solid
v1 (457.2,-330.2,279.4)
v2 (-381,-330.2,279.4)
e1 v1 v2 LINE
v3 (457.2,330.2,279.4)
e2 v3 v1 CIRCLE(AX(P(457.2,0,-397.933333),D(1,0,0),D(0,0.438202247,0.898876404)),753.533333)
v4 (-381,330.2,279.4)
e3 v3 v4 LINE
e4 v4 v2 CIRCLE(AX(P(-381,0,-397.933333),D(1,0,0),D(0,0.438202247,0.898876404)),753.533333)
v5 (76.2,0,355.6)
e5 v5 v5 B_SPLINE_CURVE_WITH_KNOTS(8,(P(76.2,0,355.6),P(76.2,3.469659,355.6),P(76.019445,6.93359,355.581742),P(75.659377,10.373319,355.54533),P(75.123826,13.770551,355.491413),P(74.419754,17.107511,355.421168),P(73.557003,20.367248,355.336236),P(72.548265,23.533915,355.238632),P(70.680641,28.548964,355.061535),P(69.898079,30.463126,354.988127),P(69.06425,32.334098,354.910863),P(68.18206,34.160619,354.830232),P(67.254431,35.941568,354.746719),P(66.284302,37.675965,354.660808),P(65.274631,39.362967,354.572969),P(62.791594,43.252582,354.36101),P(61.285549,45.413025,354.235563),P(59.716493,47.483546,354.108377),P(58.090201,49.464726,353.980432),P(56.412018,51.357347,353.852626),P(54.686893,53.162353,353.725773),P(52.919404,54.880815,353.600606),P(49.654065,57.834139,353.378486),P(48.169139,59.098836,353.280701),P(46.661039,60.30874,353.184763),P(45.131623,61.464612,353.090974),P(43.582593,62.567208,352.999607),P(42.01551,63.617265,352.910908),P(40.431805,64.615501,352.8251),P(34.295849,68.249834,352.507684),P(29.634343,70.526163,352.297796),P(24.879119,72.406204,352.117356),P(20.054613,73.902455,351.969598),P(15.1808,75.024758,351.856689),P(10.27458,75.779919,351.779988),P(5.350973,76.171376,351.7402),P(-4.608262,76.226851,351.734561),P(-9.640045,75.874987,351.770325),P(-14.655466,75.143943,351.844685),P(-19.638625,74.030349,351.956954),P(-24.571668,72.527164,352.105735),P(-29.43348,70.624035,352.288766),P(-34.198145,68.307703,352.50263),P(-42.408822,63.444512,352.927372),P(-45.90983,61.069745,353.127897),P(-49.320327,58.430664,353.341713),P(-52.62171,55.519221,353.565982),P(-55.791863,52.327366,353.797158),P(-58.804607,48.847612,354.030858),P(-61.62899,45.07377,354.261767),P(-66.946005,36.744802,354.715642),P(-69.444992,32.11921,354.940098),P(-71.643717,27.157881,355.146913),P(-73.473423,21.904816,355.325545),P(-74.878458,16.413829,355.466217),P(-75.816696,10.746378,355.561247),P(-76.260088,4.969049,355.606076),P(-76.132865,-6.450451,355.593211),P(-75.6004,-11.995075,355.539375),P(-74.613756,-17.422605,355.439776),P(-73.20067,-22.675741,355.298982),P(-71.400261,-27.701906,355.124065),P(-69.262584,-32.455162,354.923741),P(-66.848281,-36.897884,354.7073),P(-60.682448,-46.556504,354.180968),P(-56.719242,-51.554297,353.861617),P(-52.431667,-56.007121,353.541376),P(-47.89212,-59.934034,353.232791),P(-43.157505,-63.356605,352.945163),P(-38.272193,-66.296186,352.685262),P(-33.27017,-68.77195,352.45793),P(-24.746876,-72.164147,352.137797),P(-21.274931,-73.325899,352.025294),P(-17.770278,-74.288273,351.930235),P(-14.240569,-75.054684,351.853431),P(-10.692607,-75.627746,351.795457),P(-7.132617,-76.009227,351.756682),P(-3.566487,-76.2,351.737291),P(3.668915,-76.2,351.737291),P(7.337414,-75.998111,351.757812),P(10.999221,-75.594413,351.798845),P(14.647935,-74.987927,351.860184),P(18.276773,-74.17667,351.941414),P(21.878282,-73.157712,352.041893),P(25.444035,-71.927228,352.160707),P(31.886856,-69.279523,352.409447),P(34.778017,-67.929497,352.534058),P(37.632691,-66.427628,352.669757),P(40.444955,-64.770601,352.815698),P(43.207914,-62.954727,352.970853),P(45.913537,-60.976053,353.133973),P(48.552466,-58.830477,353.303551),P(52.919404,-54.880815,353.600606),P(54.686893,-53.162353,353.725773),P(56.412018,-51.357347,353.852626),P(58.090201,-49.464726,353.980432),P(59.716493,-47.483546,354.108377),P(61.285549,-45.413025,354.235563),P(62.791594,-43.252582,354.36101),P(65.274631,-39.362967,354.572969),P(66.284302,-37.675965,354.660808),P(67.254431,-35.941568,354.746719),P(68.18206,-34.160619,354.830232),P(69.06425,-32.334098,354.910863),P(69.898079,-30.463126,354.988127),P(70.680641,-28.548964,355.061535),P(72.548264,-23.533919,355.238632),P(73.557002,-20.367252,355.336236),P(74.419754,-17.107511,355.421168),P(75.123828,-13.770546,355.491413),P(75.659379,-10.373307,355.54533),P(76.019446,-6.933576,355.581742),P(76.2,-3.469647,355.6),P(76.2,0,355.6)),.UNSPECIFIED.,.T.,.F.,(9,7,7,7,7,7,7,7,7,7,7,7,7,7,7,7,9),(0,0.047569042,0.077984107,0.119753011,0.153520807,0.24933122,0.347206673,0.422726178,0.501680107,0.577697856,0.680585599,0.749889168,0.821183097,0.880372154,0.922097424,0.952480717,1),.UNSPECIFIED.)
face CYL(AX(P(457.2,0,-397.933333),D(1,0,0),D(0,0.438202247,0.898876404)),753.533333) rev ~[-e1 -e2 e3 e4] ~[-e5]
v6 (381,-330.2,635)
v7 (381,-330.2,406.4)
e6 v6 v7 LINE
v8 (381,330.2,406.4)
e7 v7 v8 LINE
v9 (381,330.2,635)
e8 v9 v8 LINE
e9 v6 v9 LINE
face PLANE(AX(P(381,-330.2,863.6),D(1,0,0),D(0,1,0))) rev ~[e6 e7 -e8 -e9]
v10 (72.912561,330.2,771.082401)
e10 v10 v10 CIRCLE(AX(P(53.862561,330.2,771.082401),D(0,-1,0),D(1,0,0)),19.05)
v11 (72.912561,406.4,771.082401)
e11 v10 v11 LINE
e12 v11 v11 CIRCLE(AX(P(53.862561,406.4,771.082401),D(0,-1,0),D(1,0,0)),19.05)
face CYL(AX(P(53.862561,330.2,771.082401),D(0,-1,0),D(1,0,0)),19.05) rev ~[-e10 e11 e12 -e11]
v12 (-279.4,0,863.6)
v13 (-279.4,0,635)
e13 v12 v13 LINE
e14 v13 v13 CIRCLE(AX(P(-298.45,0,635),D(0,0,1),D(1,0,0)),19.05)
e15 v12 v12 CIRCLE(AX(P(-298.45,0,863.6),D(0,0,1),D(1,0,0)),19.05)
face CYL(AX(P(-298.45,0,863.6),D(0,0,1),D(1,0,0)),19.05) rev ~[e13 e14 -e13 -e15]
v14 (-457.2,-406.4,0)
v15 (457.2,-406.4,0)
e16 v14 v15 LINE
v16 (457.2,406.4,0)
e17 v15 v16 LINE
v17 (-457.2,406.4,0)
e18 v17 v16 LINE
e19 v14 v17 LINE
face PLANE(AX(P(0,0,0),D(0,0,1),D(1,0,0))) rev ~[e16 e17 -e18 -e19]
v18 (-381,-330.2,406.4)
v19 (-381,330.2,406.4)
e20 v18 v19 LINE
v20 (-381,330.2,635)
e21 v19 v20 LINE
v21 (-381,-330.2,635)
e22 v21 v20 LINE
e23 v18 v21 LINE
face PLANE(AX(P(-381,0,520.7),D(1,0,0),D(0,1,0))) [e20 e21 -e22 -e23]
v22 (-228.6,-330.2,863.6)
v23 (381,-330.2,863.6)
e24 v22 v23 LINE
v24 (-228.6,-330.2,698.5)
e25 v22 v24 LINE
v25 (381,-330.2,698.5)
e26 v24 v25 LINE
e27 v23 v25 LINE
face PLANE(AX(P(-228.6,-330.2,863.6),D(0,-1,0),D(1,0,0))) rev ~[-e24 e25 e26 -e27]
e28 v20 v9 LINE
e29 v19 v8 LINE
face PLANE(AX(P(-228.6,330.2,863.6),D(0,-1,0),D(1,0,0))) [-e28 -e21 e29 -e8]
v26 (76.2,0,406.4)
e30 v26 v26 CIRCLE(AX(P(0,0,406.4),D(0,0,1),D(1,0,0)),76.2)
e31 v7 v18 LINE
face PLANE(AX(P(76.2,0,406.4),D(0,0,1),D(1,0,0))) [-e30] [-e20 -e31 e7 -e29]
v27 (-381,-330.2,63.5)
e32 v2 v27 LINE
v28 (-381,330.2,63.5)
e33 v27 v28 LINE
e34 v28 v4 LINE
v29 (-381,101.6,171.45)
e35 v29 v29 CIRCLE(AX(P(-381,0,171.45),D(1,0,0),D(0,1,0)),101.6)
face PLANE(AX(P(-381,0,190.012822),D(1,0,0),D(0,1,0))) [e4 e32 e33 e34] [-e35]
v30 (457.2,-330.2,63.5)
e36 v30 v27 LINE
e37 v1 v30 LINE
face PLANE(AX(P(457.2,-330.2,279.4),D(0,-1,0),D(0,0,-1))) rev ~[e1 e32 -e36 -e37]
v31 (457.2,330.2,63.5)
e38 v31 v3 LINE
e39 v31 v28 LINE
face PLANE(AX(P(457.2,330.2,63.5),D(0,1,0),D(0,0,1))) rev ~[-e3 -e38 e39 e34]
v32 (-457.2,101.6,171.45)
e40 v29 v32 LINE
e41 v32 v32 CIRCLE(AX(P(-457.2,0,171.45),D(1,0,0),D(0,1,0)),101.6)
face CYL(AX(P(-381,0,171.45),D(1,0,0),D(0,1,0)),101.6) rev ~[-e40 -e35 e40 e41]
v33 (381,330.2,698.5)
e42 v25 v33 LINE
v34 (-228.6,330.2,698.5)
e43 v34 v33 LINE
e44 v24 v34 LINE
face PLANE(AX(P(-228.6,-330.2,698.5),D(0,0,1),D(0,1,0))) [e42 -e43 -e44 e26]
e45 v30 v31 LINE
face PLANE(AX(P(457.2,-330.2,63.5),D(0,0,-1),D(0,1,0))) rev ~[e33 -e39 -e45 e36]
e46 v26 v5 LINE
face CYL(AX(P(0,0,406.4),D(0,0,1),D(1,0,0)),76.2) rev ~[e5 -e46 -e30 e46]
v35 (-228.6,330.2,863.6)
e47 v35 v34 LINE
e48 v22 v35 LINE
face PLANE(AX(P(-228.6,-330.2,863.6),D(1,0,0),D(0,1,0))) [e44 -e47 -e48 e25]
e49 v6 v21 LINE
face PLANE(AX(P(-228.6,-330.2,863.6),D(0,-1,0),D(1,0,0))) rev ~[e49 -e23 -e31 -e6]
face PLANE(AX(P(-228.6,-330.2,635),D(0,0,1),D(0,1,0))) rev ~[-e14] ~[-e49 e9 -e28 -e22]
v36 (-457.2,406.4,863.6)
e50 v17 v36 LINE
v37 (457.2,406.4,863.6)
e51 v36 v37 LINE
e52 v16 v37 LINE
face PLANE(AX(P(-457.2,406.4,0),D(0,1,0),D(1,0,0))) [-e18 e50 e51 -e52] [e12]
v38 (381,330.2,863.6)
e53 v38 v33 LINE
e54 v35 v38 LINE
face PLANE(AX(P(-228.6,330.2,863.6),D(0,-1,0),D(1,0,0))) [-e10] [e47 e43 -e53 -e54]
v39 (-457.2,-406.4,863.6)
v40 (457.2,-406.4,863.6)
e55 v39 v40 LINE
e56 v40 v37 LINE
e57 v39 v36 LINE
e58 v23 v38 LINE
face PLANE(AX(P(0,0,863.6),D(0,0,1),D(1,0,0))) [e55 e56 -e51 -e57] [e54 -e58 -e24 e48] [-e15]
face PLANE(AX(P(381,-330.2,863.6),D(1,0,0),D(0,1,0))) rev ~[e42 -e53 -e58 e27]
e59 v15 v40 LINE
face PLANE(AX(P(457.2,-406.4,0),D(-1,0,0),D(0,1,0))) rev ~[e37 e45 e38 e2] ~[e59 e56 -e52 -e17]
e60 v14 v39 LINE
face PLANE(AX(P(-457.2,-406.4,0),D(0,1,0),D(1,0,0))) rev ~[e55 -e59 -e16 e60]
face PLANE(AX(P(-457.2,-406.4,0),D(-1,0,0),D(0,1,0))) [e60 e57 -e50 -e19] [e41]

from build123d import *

# Parameters (mm, degrees)
F0_W      = 914.4
F0_H      = 812.8
F1_DEPTH  = 863.6
F3_DEPTH  = 838.2
F4_W      = 609.6
F4_H      = 660.4
F5_DEPTH  = 457.2
F6_W      = 660.4
F6_H      = 228.6
F7_DEPTH  = 152.4
F8_R      = 19.05
F9_DEPTH  = 228.6
F10_W     = 660.4
F10_H     = 63.5
F11_DEPTH = 609.6
F12_R     = 19.05
F13_DEPTH = 76.201
F14_R     = 76.2
F15_DEPTH = 54.6637094628
F16_R     = 101.6
F17_DEPTH = 76.201


with BuildPart() as f1:
    # F0 (on Top) → F1 (new body)
    with BuildSketch(Plane.XY):
        Rectangle(F0_W, F0_H)
    extrude(amount=F1_DEPTH)

    # F2 (on face) → F3 (cut)
    with BuildSketch(Plane.YZ.offset(457.2)):
        with BuildLine():
            Line((330.2, 63.5), (330.2, 279.4))
            ThreePointArc((330.2, 279.4), (0, 355.6), (-330.2, 279.4))
            Line((-330.2, 279.4), (-330.2, 63.5))
            Line((-330.2, 63.5), (330.2, 63.5))
        make_face()
    extrude(amount=-F3_DEPTH, mode=Mode.SUBTRACT)

    # F4 (on face) → F5 (cut)
    with BuildSketch(Plane.XY.offset(863.6)):
        with Locations((76.2, 0)):
            Rectangle(F4_W, F4_H)
    extrude(amount=-F5_DEPTH, mode=Mode.SUBTRACT)

    # F6 (on face) → F7 (cut)
    with BuildSketch(Plane.YZ.offset(-228.6)):
        with Locations((0, 520.7)):
            Rectangle(F6_W, F6_H)
    extrude(amount=-F7_DEPTH, mode=Mode.SUBTRACT)

    # F8 (on face) → F9 (cut, through all)
    with BuildSketch(Plane.XY.offset(863.6)):
        with Locations((-298.45, 0)):
            Circle(F8_R)
    extrude(amount=-F9_DEPTH, mode=Mode.SUBTRACT)

    # F10 (on face) → F11 (join, through all)
    with BuildSketch(Plane.YZ.offset(-228.6)):
        with Locations((0, 666.75)):
            Rectangle(F10_W, F10_H)
    extrude(amount=F11_DEPTH)

    # F12 (on face) → F13 (cut, through all)
    with BuildSketch(Plane.XZ.offset(-330.2)):
        with Locations((53.8625605404, 771.0824012756)):
            Circle(F12_R)
    extrude(amount=-F13_DEPTH, mode=Mode.SUBTRACT)

    # F14 (on face) → F15 (cut, through all)
    with BuildSketch(Plane.XY.offset(406.4)):
        Circle(F14_R)
    extrude(amount=-F15_DEPTH, mode=Mode.SUBTRACT)

    # F16 (on face) → F17 (cut, through all)
    with BuildSketch(Plane.YZ.offset(-381)):
        with Locations((0, 171.45)):
            Circle(F16_R)
    extrude(amount=-F17_DEPTH, mode=Mode.SUBTRACT)


solid = f1.part
